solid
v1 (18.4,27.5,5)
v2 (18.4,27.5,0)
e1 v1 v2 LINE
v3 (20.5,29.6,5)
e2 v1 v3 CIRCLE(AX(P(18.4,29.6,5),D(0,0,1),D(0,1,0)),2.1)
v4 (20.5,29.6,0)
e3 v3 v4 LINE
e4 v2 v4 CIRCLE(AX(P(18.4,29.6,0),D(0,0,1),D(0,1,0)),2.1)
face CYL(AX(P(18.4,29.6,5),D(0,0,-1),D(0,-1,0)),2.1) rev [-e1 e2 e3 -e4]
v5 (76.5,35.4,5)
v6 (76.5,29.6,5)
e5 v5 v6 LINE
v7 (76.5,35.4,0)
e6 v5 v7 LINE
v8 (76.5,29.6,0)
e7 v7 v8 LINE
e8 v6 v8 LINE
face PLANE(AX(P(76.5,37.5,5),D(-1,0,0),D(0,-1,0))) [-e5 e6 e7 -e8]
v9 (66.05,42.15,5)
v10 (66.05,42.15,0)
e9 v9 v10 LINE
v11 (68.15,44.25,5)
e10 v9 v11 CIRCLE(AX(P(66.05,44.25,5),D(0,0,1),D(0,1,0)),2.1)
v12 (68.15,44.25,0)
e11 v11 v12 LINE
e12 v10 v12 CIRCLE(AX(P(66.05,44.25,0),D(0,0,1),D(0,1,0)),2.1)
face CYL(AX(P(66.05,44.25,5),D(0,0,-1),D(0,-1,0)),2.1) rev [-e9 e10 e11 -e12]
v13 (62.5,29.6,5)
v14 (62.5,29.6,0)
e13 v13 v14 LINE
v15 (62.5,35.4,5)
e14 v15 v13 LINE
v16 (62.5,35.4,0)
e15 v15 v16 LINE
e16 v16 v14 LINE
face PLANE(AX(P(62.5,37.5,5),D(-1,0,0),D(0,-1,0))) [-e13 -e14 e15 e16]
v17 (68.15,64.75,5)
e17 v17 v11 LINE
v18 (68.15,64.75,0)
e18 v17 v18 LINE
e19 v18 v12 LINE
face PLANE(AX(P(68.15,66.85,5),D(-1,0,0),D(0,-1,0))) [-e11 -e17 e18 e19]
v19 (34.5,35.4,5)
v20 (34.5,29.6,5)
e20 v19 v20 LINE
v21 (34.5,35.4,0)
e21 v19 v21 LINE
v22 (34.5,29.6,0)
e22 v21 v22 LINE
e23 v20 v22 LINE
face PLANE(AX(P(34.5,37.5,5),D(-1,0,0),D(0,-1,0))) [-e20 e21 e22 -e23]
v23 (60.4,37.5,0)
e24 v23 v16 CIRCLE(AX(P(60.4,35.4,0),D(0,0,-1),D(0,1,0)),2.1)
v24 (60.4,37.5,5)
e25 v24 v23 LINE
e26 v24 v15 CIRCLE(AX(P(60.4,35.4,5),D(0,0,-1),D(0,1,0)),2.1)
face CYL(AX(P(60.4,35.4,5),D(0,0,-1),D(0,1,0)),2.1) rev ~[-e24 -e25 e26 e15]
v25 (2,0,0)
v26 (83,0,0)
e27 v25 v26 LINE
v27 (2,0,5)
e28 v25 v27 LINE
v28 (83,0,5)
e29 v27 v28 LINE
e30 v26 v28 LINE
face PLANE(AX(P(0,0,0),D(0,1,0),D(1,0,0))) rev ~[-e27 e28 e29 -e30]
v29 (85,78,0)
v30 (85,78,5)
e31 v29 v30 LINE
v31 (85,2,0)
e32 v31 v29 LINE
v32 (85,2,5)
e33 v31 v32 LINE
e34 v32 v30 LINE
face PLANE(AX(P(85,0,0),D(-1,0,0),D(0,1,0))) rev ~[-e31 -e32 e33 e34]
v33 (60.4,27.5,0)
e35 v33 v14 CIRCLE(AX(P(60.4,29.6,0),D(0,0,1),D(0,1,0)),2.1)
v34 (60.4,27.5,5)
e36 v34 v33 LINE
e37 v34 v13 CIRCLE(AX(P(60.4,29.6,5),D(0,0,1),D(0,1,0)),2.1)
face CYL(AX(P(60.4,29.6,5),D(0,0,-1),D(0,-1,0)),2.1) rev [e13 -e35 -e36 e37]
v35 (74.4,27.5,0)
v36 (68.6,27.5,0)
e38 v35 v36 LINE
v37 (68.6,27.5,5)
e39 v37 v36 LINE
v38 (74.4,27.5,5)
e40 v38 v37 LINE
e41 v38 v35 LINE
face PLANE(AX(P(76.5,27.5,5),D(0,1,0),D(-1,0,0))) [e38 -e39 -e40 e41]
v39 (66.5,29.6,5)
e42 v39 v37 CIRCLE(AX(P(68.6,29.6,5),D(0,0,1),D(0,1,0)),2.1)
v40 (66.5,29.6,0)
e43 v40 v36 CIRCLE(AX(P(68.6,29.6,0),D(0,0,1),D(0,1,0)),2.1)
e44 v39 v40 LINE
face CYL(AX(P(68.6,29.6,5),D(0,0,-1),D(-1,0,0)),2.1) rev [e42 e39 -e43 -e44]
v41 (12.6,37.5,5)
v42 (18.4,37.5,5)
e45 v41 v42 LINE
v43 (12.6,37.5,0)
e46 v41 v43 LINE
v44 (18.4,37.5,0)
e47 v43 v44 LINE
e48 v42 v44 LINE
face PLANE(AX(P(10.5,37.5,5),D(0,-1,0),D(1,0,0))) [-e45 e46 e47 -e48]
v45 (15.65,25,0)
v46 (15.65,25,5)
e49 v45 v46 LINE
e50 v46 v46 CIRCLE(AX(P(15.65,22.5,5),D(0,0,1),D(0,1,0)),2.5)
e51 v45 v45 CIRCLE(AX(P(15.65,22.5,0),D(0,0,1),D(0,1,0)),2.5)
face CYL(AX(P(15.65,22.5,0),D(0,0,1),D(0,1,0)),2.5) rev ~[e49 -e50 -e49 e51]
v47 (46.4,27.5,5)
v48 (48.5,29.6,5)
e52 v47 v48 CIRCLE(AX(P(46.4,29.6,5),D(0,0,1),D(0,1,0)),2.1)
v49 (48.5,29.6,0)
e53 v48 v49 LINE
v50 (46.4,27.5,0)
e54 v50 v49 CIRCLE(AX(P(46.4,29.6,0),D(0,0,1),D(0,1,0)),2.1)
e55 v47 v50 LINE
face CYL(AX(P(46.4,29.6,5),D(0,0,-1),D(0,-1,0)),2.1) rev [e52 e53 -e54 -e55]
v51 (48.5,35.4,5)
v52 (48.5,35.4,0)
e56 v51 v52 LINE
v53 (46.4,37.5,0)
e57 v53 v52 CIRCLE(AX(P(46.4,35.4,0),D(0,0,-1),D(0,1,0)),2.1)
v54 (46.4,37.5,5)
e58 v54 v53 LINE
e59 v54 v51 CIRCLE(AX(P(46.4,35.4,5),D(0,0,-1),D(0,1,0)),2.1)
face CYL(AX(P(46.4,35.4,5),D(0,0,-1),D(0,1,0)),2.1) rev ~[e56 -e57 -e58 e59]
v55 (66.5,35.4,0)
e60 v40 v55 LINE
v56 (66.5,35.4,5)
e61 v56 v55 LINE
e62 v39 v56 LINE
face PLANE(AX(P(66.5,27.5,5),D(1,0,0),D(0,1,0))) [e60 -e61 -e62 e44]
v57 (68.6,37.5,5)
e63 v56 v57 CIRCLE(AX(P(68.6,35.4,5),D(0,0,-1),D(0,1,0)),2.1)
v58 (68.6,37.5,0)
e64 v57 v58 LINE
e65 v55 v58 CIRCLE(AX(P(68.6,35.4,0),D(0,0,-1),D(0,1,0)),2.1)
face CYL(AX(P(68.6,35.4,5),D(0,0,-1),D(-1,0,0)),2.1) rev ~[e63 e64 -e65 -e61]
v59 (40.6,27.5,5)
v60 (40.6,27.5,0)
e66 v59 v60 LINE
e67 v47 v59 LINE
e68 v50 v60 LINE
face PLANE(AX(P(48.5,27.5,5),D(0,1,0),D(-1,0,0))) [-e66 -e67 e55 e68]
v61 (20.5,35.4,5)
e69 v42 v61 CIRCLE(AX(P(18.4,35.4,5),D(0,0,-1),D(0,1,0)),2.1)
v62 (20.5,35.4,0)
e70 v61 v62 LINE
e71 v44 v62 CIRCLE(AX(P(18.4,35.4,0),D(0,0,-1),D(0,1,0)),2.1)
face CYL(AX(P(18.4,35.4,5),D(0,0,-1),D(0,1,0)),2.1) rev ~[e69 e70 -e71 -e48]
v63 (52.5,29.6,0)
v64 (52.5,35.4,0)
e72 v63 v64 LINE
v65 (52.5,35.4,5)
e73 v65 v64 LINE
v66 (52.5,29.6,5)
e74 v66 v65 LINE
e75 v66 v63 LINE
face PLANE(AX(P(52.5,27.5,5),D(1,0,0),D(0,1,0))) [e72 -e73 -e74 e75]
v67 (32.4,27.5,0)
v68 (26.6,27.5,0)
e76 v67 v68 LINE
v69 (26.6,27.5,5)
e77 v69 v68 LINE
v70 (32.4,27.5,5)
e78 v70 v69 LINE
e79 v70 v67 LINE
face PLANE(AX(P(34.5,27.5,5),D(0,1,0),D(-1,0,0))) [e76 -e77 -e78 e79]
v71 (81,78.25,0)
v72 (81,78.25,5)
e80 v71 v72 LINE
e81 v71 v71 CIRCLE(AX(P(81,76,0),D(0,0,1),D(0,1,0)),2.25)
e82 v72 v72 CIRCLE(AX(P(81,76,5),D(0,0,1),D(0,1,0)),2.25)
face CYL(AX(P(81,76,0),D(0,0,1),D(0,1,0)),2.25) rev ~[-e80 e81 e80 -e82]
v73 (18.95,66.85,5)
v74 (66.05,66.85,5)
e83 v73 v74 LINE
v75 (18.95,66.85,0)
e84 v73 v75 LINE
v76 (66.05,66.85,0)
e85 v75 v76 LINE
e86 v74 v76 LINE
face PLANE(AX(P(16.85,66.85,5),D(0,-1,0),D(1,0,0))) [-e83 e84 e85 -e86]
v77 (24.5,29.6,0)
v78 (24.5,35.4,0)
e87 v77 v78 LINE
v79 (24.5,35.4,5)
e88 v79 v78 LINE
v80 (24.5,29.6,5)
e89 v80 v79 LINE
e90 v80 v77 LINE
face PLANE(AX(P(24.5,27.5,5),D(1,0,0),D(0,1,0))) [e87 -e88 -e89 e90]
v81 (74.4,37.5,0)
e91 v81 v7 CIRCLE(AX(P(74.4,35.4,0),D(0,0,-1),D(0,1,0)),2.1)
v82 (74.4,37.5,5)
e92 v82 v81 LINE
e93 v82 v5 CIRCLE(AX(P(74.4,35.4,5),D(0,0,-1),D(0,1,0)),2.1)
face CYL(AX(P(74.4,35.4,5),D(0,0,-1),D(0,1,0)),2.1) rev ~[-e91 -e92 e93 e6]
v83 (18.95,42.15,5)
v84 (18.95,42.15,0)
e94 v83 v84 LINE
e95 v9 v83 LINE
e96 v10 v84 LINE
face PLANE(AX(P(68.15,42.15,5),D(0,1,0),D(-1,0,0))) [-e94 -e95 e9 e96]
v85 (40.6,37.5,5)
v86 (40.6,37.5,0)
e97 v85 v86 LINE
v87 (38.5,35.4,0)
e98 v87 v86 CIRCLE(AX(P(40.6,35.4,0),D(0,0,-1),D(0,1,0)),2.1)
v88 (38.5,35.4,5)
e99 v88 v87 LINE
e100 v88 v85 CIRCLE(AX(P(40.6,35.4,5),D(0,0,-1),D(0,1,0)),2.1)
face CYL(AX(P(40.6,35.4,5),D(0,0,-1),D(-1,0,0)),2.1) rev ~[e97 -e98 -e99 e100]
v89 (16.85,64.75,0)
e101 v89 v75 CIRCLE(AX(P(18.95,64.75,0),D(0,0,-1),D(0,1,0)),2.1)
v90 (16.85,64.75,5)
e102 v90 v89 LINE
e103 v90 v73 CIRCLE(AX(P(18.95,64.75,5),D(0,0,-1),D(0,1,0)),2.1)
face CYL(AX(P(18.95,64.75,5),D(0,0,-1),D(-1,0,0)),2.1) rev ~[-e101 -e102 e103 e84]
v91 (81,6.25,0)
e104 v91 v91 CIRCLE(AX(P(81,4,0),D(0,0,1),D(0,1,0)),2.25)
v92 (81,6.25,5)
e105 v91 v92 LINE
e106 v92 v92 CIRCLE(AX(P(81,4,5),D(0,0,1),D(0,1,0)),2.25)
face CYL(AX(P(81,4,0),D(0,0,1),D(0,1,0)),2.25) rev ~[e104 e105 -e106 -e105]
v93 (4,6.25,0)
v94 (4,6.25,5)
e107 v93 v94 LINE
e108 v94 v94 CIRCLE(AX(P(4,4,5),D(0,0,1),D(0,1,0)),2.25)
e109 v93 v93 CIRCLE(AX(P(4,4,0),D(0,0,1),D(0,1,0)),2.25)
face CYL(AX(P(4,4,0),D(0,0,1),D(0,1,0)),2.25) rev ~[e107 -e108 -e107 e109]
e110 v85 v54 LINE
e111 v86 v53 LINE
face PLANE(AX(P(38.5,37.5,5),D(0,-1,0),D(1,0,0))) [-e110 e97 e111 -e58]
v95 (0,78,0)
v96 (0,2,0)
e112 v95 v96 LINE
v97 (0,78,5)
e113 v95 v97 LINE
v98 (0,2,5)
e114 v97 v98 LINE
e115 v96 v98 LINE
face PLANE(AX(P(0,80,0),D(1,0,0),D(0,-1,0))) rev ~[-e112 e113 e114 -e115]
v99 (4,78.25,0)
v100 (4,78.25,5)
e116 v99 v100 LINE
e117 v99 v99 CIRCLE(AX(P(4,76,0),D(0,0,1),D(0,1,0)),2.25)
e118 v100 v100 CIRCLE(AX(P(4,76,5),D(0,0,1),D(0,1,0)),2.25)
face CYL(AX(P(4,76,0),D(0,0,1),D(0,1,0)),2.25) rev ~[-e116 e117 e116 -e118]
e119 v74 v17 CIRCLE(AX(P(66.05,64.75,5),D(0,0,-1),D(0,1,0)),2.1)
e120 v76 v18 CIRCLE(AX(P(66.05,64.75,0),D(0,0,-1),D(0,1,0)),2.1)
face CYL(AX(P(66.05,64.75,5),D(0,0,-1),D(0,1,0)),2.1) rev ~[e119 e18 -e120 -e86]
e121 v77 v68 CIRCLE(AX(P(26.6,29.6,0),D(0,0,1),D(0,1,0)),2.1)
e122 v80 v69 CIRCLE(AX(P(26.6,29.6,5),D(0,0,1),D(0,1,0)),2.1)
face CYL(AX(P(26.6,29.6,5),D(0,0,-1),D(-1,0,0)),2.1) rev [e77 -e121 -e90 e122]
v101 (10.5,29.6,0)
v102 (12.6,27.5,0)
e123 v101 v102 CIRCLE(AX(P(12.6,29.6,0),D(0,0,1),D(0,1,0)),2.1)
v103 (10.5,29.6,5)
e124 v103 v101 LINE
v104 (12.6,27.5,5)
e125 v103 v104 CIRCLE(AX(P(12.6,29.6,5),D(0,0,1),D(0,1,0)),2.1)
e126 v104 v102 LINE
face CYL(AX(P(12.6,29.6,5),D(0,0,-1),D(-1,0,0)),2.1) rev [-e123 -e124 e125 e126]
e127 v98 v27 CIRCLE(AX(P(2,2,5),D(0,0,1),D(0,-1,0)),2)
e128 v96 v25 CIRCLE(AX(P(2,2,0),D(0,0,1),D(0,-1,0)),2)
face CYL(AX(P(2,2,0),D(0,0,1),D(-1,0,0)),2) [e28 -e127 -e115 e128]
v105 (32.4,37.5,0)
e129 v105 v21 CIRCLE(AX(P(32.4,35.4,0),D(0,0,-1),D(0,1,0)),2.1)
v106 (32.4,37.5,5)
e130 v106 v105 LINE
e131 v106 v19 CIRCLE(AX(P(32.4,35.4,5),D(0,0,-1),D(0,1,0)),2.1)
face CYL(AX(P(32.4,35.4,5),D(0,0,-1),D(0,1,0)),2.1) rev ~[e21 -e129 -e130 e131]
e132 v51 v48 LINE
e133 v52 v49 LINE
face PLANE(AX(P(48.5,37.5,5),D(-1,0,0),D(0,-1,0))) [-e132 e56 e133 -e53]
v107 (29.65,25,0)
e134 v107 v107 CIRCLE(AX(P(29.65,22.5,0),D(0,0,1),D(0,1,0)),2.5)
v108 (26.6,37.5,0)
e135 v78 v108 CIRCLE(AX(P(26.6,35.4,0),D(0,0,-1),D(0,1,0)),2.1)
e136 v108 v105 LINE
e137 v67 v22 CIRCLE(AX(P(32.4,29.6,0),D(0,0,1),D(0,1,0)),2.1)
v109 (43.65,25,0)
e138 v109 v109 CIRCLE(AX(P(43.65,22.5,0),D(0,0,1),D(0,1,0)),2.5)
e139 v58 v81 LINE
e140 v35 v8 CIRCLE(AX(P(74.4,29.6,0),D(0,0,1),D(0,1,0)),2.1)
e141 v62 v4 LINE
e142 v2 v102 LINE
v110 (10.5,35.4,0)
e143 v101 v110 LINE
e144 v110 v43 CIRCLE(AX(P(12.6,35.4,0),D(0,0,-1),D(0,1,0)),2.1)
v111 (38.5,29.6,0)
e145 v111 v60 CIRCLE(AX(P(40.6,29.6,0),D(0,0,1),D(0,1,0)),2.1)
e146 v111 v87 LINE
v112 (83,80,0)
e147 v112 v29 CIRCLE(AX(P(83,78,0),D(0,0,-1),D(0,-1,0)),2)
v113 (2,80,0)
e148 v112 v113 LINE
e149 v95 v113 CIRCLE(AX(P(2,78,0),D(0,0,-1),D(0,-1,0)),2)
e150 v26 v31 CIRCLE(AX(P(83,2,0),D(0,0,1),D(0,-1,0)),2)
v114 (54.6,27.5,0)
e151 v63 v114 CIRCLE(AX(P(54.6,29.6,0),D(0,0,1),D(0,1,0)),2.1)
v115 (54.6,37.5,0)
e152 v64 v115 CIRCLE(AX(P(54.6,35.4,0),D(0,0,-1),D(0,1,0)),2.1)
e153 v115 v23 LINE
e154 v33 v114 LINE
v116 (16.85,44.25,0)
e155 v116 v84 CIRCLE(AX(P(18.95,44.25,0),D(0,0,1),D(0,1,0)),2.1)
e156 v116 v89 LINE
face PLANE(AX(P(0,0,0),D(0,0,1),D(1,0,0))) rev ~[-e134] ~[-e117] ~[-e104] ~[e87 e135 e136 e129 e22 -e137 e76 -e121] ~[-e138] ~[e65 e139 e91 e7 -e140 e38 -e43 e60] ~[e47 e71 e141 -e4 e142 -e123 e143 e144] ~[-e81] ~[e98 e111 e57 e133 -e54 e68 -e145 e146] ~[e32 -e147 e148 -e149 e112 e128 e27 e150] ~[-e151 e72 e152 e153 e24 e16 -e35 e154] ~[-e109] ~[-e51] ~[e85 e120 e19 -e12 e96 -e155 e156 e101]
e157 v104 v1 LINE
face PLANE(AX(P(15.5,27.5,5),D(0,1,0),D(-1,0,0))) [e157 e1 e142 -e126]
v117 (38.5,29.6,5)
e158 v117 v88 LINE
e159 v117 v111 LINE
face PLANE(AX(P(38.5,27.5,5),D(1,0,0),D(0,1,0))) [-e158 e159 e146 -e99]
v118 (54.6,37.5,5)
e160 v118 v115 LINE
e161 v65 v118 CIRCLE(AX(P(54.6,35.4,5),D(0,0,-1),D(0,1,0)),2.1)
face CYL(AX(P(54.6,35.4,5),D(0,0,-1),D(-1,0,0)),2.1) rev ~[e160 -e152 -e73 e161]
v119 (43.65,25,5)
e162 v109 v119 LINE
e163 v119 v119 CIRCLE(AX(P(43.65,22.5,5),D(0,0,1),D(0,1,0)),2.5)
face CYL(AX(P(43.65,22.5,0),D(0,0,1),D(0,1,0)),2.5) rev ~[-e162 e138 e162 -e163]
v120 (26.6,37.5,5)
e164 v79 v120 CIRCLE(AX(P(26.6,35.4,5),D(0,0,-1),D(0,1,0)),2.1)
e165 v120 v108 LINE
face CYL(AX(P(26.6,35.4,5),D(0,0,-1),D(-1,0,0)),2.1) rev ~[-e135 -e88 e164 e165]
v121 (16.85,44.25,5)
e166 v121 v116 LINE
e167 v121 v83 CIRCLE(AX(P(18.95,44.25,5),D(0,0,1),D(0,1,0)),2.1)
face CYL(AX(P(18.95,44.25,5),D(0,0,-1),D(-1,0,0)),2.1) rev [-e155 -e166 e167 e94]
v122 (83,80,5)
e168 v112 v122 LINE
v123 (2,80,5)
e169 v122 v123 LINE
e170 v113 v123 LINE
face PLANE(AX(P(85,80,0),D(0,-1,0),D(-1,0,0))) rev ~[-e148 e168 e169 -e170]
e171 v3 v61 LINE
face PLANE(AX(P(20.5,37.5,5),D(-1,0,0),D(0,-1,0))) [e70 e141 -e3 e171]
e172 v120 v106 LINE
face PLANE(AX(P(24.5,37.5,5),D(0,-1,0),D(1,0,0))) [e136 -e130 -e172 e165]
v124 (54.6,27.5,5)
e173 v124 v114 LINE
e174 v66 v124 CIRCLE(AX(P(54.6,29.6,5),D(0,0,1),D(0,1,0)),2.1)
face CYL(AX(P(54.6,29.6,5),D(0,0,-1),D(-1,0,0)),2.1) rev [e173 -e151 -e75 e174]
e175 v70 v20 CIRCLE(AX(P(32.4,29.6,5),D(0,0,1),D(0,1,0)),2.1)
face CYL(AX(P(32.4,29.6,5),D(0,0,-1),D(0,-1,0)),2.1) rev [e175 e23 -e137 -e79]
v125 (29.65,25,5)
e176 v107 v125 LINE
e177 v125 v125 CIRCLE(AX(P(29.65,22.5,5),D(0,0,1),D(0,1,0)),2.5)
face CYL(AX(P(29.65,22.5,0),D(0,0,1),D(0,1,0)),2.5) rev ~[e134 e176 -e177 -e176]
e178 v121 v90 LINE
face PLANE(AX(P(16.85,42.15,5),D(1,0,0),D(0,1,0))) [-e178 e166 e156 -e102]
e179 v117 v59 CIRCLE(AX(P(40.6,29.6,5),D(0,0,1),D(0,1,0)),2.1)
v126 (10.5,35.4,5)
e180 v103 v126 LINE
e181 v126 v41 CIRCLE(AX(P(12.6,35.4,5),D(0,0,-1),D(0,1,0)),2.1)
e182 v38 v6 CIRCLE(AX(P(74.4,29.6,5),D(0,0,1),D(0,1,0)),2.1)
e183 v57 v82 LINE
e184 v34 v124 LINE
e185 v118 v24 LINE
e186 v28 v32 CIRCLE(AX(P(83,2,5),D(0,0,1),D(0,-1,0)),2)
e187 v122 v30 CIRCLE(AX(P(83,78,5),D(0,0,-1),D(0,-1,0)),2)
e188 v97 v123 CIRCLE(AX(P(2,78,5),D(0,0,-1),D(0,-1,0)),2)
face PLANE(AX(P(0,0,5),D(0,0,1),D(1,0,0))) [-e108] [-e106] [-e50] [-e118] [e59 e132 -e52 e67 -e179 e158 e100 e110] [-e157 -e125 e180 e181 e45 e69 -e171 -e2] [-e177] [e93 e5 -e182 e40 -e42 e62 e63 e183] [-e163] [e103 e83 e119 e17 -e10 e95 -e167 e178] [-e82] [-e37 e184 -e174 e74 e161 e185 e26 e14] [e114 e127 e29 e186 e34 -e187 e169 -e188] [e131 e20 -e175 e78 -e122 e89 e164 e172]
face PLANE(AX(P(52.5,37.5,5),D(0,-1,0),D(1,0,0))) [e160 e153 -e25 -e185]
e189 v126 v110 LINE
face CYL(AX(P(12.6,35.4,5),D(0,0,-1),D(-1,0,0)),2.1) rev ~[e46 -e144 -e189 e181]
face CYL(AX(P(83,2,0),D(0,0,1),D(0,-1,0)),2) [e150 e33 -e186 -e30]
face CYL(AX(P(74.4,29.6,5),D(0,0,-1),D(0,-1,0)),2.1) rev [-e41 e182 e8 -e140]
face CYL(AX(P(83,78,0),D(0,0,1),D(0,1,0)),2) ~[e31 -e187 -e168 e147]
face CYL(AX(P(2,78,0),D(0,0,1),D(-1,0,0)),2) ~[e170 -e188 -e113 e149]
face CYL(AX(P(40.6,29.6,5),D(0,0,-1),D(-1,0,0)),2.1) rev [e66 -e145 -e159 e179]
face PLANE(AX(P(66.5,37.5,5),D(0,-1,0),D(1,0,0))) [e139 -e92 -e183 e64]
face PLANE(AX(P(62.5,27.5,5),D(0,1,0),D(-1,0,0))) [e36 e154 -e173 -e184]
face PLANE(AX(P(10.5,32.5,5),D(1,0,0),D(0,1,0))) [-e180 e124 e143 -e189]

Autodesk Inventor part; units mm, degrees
ref_plane "YZ Plane" through (0, 0, 0) normal (1, 0, 0) x (0, 1, 0)
ref_plane "XZ Plane" through (0, 0, 0) normal (0, 1, 0) x (-1, 0, 0)
ref_plane "XY Plane" through (0, 0, 0) normal (0, 0, 1) x (1, 0, 0)
sketch "Skizze1" plane through (0, 0, 0) normal (0, 0, 1) x (1, 0, 0)
  line L0 (0, 0) -> (85, 0)
  line L1 (85, 0) -> (85, 80)
  line L2 (85, 80) -> (0, 80)
  line L3 (0, 80) -> (0, 0)
  dimension "d0" = 85
  dimension "d1" = 80
extrude "Extrusion1" add sketch "Skizze1" along normal blind 5
sketch "Skizze3" plane through (0, 0, 5) normal (0, 0, 1) x (1, 0, 0)
  line L0 (7.5, 71) -> (77.5, 71)
  line L1 (77.5, 71) -> (77.5, 9)
  line L2 (77.5, 9) -> (7.5, 9)
  line L3 (7.5, 9) -> (7.5, 71)
  line L4 (85, 80) -> (0, 80) projected
  line L5 (85, 0) -> (85, 80) projected
  line L6 (16.85, 66.85) -> (68.15, 66.85)
  line L7 (68.15, 66.85) -> (68.15, 42.15)
  line L8 (68.15, 42.15) -> (16.85, 42.15)
  line L9 (16.85, 42.15) -> (16.85, 66.85)
  line L10 (10.5, 37.5) -> (20.5, 37.5)
  line L11 (20.5, 37.5) -> (20.5, 27.5)
  line L12 (20.5, 27.5) -> (10.5, 27.5)
  line L13 (10.5, 27.5) -> (10.5, 37.5)
  line L14 (15.5, 37.5) -> (15.5, 27.5)
  line L15 (10.5, 32.5) -> (20.5, 32.5)
  line L16 (24.5, 37.5) -> (34.5, 37.5)
  line L17 (34.5, 37.5) -> (34.5, 27.5)
  line L18 (34.5, 27.5) -> (24.5, 27.5)
  line L19 (24.5, 27.5) -> (24.5, 37.5)
  line L20 (38.5, 37.5) -> (48.5, 37.5)
  line L21 (48.5, 37.5) -> (48.5, 27.5)
  line L22 (48.5, 27.5) -> (38.5, 27.5)
  line L23 (38.5, 27.5) -> (38.5, 37.5)
  line L24 (52.5, 37.5) -> (62.5, 37.5)
  line L25 (62.5, 37.5) -> (62.5, 27.5)
  line L26 (62.5, 27.5) -> (52.5, 27.5)
  line L27 (52.5, 27.5) -> (52.5, 37.5)
  line L28 (66.5, 37.5) -> (76.5, 37.5)
  line L29 (76.5, 37.5) -> (76.5, 27.5)
  line L30 (76.5, 27.5) -> (66.5, 27.5)
  line L31 (66.5, 27.5) -> (66.5, 37.5)
  point P0 (0, 0)
  point P1 (77.5, 40)
  point P2 (85, 40)
  point P3 (42.5, 71)
  point P4 (42.5, 80)
  point P5 (42.5, 66.85)
  dimension "d9" = 70
  dimension "d10" = 62
  dimension "d12" = 51.3
  dimension "d13" = 24.7
  dimension "d14" = 4.15
  dimension "d15" = 10
  dimension "d16" = 10
  dimension "d21" = 8
  dimension "d22" = 23.5
  dimension "d23" = 14
  dimension "d24" = 14
  dimension "d25" = 14
  dimension "d26" = 14
extrude "Extrusion3" cut sketch "Skizze3" against normal through all contours L6 L7 L8 L9 | L10 L14 L15 L13 | L10 L11 L15 L14 | L15 L14 L12 L13 | L15 L11 L12 L14 | L16 L17 L18 L19 | L20 L21 L22 L23 | L24 L25 L26 L27 | L28 L29 L30 L31
sketch "Skizze5" plane through (0, 0, 0) normal (0, 0, -1) x (-1, 0, 0)
  line L0 (-20.5, 27.5) -> (-20.5, 37.5) projected
  line L1 (-20.5, 37.5) -> (-10.5, 37.5) projected
  line L2 (-10.5, 37.5) -> (-10.5, 27.5) projected
  line L3 (-10.5, 27.5) -> (-20.5, 27.5) projected
  line L4 (-66.5, 37.5) -> (-66.5, 27.5) projected
  line L5 (-66.5, 27.5) -> (-76.5, 27.5) projected
  line L6 (-76.5, 27.5) -> (-76.5, 37.5) projected
  line L7 (-76.5, 37.5) -> (-66.5, 37.5) projected
  line L8 (-38.5, 37.5) -> (-38.5, 27.5) projected
  line L9 (-38.5, 27.5) -> (-48.5, 27.5) projected
  line L10 (-48.5, 27.5) -> (-48.5, 37.5) projected
  line L11 (-48.5, 37.5) -> (-38.5, 37.5) projected
  line L12 (-24.5, 37.5) -> (-24.5, 27.5) projected
  line L13 (-24.5, 27.5) -> (-34.5, 27.5) projected
  line L14 (-34.5, 27.5) -> (-34.5, 37.5) projected
  line L15 (-34.5, 37.5) -> (-24.5, 37.5) projected
  line L16 (-52.5, 37.5) -> (-52.5, 27.5) projected
  line L17 (-52.5, 27.5) -> (-62.5, 27.5) projected
  line L18 (-62.5, 27.5) -> (-62.5, 37.5) projected
  line L19 (-62.5, 37.5) -> (-52.5, 37.5) projected
  line L20 (-16.85, 66.85) -> (-16.85, 42.15) projected
  line L21 (-16.85, 42.15) -> (-68.15, 42.15) projected
  line L22 (-68.15, 42.15) -> (-68.15, 66.85) projected
  line L23 (-68.15, 66.85) -> (-16.85, 66.85) projected
  line L24 (0, 0) -> (-85, 0) projected
  line L25 (0, 80) -> (0, 0) projected
  line L26 (-85, 80) -> (0, 80) projected
  line L27 (-85, 0) -> (-85, 80) projected
  line L28 (-4, 76) -> (-4, 4)
  line L29 (-4, 4) -> (-81, 4)
  line L30 (-81, 4) -> (-81, 76)
  line L31 (-81, 76) -> (-4, 76)
  line L32 (-85, 80) -> (0, 80) projected
  dimension "d39" = 4
hole "Bohrung2" at (4, 76, 0) at (4, 4, 0) at (81, 4, 0) at (81, 76, 0) direction (0, 0, 1) diameter 4.5 end through all
sketch "Skizze6" plane through (0, 0, 0) normal (0, 0, -1) x (-1, 0, 0)
  circle A0 centre (-15.65, 22.5) radius 2.45 projected
  circle A1 centre (-29.65, 22.5) radius 2.45 projected
  circle A2 centre (-43.65, 22.5) radius 2.45 projected
  point P0 (0, 0)
hole "Bohrung3" at (43.65, 22.5, 0) at (29.65, 22.5, 0) at (15.65, 22.5, 0) direction (0, 0, 1) diameter 5 end through all
fillet "Rundung2" radius 2 4 edges at (85, 0, 2.5) (0, 0, 2.5) (0, 80, 2.5) (85, 80, 2.5)
fillet "Rundung1" radius 2.1 24 edges at (10.5, 37.5, 2.5) (10.5, 27.5, 2.5) (20.5, 27.5, 2.5) (20.5, 37.5, 2.5) (24.5, 37.5, 2.5) (24.5, 27.5, 2.5) (34.5, 27.5, 2.5) (34.5, 37.5, 2.5) (38.5, 37.5, 2.5) (48.5, 37.5, 2.5) (52.5, 37.5, 2.5) (62.5, 37.5, 2.5) (66.5, 37.5, 2.5) (76.5, 37.5, 2.5) (76.5, 27.5, 2.5) (66.5, 27.5, 2.5) (62.5, 27.5, 2.5) (52.5, 27.5, 2.5) (48.5, 27.5, 2.5) (38.5, 27.5, 2.5) (16.85, 42.15, 2.5) (16.85, 66.85, 2.5) (68.15, 66.85, 2.5) (68.15, 42.15, 2.5)
properties part number "Schiled"
